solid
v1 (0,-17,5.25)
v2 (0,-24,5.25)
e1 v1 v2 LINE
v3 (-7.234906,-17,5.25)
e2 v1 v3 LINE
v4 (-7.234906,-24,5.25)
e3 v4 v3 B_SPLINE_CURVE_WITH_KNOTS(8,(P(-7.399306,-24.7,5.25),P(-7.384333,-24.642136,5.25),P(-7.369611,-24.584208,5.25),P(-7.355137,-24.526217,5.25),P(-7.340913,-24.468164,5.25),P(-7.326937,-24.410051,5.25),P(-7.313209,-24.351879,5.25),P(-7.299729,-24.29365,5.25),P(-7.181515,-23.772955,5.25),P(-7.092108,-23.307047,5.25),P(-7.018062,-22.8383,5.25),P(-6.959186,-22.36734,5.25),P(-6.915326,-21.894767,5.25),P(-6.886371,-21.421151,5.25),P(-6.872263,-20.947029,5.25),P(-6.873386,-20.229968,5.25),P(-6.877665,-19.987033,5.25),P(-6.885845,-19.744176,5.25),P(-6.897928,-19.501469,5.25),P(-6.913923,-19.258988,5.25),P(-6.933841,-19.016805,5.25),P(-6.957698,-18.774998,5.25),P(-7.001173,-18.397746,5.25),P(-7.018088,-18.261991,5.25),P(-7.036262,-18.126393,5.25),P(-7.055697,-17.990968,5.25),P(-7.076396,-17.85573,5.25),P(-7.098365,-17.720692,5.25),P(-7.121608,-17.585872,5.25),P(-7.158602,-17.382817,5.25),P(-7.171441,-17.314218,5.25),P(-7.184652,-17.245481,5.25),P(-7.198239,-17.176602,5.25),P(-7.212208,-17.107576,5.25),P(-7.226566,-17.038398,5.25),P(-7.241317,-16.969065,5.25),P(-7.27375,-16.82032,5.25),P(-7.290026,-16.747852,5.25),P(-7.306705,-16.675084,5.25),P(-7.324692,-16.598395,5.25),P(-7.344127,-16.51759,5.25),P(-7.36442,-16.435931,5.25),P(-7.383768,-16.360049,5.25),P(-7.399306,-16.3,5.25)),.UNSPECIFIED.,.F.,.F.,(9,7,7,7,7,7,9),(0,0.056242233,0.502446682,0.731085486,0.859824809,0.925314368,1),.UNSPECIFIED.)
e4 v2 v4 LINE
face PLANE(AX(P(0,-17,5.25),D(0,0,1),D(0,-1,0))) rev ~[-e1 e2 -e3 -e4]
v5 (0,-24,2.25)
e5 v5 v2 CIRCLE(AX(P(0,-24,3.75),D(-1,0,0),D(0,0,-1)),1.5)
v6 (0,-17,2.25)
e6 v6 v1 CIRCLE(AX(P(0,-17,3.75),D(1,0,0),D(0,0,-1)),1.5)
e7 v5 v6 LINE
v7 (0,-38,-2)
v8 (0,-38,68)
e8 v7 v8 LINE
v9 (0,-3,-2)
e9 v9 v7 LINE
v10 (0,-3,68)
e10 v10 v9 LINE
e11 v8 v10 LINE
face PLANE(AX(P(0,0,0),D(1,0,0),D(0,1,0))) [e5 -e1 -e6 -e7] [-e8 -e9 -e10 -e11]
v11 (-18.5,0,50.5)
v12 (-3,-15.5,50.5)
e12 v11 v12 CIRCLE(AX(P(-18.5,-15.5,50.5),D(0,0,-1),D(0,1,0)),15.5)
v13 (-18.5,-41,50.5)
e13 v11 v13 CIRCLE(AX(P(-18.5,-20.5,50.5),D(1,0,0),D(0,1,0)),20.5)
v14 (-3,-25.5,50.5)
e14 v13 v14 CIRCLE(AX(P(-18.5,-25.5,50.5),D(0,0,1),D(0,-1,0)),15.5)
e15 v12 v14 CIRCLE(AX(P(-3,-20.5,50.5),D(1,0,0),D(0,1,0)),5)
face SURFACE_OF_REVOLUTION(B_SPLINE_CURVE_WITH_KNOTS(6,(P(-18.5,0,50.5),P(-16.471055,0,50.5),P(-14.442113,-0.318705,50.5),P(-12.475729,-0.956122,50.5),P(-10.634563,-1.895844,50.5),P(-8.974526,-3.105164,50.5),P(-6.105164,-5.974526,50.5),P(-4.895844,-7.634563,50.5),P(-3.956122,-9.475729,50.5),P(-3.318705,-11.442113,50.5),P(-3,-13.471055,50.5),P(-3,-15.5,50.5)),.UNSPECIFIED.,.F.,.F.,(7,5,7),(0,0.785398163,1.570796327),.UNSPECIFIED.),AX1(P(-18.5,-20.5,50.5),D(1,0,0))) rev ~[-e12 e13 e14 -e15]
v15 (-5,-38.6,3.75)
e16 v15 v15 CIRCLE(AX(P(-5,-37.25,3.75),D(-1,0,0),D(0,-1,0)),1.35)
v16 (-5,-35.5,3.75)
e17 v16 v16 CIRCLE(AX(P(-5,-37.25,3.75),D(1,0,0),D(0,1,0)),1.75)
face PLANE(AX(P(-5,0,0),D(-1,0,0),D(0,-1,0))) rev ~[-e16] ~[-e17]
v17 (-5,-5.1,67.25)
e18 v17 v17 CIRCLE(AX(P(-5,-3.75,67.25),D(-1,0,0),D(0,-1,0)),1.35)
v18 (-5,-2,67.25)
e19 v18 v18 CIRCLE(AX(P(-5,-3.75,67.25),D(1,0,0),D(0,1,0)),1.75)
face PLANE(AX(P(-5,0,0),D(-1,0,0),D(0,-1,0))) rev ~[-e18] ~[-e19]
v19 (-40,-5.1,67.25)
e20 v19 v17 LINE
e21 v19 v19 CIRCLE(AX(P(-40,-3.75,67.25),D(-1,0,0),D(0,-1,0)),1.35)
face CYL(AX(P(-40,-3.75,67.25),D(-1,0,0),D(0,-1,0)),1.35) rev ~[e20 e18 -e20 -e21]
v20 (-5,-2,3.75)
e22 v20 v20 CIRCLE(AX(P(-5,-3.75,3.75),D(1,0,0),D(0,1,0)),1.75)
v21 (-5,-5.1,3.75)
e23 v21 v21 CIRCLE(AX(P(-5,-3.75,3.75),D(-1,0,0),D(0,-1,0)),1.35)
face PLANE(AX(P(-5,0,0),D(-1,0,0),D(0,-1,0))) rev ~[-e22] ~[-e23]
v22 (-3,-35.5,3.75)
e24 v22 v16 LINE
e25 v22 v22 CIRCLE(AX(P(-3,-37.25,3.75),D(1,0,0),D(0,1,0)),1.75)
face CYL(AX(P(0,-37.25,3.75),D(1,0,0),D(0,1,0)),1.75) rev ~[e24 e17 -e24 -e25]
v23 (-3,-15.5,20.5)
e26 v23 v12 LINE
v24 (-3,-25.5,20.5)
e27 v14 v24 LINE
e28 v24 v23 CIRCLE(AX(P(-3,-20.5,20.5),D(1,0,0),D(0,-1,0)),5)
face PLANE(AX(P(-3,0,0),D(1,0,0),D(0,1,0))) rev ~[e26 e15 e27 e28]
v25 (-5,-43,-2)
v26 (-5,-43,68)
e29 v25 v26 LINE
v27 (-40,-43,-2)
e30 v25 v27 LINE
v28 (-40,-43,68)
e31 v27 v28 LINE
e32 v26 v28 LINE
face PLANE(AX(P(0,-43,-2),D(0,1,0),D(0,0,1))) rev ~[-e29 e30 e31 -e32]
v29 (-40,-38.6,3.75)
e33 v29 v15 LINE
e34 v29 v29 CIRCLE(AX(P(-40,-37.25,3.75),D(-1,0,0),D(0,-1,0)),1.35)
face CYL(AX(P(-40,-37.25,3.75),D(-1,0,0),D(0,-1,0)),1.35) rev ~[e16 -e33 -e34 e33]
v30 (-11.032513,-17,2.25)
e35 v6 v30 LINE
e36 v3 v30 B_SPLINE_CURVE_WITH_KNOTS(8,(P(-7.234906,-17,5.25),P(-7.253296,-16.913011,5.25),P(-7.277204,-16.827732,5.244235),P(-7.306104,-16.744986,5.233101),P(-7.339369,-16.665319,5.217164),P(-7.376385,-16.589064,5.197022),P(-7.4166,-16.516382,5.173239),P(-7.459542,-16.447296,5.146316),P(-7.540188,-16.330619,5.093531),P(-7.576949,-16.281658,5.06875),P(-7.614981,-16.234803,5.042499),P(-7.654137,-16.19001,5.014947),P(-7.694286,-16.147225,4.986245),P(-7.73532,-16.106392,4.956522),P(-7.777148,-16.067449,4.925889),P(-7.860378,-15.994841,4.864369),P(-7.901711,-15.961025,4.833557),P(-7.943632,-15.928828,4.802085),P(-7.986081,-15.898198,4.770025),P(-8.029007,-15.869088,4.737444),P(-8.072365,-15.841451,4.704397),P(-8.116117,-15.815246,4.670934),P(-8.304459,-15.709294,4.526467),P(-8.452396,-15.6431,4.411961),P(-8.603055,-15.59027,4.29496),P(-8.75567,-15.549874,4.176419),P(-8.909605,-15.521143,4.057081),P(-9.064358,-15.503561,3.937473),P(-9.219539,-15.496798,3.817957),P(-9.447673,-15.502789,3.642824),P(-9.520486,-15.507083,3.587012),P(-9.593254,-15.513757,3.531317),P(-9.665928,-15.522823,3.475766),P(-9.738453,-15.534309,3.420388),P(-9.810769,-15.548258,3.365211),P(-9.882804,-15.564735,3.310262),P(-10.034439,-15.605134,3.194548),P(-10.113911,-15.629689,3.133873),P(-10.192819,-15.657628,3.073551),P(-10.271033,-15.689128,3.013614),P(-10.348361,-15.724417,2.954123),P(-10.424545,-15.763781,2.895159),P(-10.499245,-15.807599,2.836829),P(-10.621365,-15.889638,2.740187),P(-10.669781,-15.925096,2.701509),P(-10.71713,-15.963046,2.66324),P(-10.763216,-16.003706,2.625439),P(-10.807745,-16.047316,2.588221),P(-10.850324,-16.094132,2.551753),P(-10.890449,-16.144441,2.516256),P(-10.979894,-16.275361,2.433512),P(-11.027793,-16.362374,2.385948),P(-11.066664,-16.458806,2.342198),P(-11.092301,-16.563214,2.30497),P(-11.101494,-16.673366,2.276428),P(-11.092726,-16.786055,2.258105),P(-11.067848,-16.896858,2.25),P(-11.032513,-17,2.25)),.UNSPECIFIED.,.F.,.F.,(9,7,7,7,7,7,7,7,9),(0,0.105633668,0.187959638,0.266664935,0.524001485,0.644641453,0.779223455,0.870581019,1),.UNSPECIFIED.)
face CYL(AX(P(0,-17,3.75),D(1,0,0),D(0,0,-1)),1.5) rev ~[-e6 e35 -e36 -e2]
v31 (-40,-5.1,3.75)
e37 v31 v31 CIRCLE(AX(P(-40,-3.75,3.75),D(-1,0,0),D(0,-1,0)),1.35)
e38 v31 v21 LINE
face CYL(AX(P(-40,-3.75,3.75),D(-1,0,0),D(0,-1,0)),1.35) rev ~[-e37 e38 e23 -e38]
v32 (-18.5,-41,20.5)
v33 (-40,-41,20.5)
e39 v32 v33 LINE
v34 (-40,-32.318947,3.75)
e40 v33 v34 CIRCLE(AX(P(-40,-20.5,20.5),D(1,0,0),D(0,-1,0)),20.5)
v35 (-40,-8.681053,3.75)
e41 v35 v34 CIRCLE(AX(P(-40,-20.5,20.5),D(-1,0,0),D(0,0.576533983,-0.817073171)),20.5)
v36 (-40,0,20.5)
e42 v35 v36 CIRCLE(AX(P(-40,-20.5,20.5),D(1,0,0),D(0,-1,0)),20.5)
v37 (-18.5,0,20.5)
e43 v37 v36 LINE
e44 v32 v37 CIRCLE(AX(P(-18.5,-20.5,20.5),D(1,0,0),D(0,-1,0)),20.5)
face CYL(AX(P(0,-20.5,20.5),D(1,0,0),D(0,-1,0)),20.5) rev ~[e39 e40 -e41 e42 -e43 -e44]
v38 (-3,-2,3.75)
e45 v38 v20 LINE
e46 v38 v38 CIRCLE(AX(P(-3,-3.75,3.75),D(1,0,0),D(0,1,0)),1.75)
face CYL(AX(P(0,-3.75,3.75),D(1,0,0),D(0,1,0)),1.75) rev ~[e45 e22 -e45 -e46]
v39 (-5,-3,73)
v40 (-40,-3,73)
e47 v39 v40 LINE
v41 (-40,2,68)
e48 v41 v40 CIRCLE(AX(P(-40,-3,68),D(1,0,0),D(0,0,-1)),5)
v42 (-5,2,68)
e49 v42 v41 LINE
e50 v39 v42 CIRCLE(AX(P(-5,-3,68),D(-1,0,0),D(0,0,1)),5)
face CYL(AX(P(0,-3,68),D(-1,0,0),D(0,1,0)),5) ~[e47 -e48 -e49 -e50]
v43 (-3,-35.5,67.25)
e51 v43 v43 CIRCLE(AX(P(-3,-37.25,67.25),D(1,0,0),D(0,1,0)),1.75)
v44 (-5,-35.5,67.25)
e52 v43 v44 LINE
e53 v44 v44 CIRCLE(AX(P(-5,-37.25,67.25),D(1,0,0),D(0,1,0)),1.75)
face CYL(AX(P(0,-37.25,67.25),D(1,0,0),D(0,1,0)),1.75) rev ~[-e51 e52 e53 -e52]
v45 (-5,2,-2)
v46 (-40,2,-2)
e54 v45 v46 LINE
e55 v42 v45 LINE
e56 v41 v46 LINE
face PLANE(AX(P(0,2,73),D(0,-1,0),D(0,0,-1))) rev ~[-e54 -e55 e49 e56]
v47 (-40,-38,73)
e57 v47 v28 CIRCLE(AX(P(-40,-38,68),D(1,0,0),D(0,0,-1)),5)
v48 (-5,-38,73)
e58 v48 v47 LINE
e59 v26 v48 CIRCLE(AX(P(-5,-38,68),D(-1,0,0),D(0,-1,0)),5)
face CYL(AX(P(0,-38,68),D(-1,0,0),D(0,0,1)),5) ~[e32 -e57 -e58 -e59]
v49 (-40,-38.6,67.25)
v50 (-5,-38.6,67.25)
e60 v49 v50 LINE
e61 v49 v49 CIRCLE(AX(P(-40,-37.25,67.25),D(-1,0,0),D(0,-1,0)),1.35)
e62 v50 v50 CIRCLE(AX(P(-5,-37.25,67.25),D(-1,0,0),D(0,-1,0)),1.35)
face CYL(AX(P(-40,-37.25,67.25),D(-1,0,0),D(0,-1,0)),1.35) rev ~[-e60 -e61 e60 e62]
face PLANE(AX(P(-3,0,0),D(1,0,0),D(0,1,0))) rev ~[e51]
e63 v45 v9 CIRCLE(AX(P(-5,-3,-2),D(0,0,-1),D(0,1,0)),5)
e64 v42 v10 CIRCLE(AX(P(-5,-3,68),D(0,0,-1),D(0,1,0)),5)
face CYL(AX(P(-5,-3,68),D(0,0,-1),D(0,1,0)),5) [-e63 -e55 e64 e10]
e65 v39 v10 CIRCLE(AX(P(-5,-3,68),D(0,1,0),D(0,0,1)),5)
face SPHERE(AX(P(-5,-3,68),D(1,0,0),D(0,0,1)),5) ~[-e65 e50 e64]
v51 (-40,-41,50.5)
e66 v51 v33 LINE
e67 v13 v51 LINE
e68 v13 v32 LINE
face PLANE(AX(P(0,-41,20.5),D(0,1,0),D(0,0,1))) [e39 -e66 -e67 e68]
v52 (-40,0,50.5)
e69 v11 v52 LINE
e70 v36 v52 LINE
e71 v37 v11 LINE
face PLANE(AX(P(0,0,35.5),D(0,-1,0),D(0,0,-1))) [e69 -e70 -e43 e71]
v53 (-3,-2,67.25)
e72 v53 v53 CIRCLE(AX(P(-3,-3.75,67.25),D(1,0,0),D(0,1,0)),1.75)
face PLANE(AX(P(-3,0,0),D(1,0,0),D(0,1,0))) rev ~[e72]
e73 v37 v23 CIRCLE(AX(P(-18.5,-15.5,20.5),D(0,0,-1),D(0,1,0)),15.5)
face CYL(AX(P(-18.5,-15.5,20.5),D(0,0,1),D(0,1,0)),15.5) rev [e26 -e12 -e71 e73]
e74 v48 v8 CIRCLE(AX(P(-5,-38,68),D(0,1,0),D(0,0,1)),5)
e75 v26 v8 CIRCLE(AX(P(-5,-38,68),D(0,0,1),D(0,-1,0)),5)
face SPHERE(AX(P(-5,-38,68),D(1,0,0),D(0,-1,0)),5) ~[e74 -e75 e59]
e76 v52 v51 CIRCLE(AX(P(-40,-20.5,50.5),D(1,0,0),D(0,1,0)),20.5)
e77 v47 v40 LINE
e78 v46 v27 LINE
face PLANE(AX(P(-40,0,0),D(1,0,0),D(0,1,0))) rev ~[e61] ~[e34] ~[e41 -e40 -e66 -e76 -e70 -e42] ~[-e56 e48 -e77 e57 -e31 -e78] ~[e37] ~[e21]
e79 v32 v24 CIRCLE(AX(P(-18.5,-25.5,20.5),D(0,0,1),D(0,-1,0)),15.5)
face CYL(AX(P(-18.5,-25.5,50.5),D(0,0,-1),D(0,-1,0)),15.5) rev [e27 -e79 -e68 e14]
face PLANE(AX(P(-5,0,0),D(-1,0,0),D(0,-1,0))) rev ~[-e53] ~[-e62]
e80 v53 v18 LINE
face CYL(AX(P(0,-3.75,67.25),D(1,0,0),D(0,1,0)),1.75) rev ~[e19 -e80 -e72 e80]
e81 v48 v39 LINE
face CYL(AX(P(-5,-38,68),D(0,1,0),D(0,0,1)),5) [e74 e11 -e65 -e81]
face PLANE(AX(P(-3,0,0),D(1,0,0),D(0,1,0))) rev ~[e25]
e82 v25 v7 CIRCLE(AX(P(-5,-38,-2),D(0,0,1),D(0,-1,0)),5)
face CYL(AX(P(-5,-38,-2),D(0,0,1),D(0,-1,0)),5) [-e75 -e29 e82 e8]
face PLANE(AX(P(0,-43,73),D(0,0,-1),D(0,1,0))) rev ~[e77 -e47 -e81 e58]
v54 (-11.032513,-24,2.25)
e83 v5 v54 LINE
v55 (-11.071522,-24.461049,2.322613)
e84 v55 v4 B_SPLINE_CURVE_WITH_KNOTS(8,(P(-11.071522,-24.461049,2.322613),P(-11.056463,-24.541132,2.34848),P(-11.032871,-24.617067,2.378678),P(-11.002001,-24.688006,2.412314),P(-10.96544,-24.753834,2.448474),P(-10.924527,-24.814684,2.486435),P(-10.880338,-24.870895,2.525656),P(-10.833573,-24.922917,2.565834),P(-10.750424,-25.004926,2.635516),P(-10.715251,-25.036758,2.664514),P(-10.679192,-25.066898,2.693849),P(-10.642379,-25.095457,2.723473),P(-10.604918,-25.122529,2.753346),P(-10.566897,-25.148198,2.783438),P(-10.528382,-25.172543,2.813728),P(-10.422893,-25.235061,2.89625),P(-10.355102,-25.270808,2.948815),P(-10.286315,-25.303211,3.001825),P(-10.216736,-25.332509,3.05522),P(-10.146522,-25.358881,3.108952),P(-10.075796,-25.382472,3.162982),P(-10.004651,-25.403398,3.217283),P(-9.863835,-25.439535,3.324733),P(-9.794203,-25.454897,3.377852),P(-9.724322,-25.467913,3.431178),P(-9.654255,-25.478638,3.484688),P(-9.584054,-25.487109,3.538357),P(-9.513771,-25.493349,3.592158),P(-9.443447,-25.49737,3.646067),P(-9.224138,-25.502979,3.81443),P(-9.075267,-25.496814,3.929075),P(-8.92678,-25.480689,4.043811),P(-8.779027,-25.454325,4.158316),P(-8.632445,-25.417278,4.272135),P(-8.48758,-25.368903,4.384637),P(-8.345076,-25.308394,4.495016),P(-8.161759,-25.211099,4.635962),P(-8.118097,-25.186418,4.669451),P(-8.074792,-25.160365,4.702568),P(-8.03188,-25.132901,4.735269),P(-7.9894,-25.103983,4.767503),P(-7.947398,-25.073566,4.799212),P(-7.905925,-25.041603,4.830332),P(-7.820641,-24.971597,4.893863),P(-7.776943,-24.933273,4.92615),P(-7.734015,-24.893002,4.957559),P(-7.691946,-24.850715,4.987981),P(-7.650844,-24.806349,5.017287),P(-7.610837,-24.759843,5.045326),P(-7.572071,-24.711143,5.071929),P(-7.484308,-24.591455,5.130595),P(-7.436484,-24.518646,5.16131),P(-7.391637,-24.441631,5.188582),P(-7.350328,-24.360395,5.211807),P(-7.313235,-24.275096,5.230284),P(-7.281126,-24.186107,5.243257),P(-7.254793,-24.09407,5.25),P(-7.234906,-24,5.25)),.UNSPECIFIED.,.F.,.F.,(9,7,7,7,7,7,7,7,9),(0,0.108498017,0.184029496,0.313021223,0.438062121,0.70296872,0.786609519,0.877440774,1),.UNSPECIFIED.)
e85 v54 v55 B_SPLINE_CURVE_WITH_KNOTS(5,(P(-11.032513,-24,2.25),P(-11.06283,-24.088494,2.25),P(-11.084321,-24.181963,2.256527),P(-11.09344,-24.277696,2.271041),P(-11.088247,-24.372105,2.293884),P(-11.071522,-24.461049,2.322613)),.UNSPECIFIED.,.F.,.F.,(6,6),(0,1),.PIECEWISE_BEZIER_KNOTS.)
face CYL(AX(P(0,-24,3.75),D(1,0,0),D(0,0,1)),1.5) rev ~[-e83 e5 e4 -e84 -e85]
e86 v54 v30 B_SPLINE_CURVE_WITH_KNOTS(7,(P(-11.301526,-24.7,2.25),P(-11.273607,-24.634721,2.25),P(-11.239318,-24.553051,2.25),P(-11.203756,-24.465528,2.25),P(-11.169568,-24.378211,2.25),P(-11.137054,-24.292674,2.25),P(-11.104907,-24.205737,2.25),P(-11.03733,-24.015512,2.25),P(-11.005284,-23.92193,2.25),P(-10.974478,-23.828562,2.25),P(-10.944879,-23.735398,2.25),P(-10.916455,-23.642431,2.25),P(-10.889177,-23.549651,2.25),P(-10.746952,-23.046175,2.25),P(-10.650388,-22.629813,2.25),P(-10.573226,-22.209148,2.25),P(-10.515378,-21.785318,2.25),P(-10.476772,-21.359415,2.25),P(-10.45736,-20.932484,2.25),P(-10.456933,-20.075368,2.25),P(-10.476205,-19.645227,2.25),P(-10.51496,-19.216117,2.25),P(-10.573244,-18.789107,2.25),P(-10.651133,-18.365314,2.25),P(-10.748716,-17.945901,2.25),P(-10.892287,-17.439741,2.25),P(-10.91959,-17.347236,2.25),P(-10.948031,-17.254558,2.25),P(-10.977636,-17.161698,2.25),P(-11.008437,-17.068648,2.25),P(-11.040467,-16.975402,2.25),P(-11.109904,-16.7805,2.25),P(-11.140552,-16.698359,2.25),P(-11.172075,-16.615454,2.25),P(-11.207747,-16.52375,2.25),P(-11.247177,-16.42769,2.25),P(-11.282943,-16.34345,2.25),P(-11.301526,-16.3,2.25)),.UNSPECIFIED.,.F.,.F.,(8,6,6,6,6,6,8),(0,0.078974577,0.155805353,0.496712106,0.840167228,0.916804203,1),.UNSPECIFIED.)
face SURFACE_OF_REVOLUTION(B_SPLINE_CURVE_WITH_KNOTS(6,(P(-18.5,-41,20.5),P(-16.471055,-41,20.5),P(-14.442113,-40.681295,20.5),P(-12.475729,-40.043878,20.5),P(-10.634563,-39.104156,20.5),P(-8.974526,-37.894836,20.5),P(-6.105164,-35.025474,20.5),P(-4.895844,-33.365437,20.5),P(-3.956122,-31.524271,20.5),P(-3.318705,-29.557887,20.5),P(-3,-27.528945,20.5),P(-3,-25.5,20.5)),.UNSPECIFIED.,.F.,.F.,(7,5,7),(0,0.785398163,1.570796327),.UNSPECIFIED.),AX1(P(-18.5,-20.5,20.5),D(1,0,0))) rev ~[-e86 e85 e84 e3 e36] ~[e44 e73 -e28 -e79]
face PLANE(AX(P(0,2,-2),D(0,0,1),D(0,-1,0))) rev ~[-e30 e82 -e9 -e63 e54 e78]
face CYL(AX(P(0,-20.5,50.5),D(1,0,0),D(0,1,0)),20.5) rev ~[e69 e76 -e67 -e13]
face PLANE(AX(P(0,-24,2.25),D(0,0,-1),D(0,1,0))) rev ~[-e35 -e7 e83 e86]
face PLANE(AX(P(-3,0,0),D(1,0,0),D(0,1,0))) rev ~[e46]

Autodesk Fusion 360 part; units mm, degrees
sketch "Sketch1" plane through (0, 0, 0) normal (1, 0, 0) x (0, 1, 0)
  line L0 (0, 0) -> (-41, 0)
  line L1 (-41, 0) -> (-41, 71)
  line L2 (-41, 71) -> (0, 71)
  line L3 (0, 71) -> (0, 0)
  line L4 (-20.5, 71) -> (-20.5, 50.5)
  line L5 (-41, 35.5) -> (0, 35.5)
  line L6 (-38, 50.5) -> (-38, 20.5)
  arc A0 (-38, 20.5) -> (-3, 20.5) centre (-20.5, 20.5) ccw
  line L7 (-3, 20.5) -> (-3, 50.5)
  arc A1 (-3, 50.5) -> (-38, 50.5) centre (-20.5, 50.5) ccw
  line L8 (-20.5, 50.5) -> (-20.5, 20.5) construction
  line L9 (-39.7873, 50.5) -> (-39.7873, 20.5)
  arc A2 (-39.7873, 20.5) -> (-1.2127, 20.5) centre (-20.5, 20.5) ccw
  line L10 (-1.2127, 20.5) -> (-1.2127, 50.5)
  arc A3 (-1.2127, 50.5) -> (-39.7873, 50.5) centre (-20.5, 50.5) ccw
  line L11 (-20.5, 50.5) -> (-20.5, 20.5) construction
  line L12 (-3.75, 71) -> (-3.75, 67.25)
  line L13 (0, 67.25) -> (-3.75, 67.25)
  circle A4 centre (-3.75, 67.25) radius 1.75
  circle A5 centre (-37.25, 67.25) radius 1.75
  circle A6 centre (-37.25, 3.75) radius 1.75
  circle A7 centre (-3.75, 3.75) radius 1.75
  line L14 (-20.5, 71) -> (-20.5, 0) construction
  line L15 (2, -2) -> (-43, -2)
  line L16 (-43, -2) -> (-43, 73)
  line L17 (-43, 73) -> (2, 73)
  line L18 (2, 73) -> (2, -2)
  line L19 (-41, 50.5) -> (-41, 20.5)
  arc A8 (-41, 20.5) -> (0, 20.5) centre (-20.5, 20.5) ccw
  line L20 (0, 20.5) -> (0, 50.5)
  arc A9 (0, 50.5) -> (-41, 50.5) centre (-20.5, 50.5) ccw
  line L21 (-20.5, 50.5) -> (-20.5, 20.5) construction
  line L22 (-37.25, 3.75) -> (-3.75, 3.75)
  line L23 (-24, 2.25) -> (-17, 2.25)
  arc A10 (-17, 2.25) -> (-17, 5.25) centre (-17, 3.75) ccw
  line L24 (-17, 5.25) -> (-24, 5.25)
  arc A11 (-24, 5.25) -> (-24, 2.25) centre (-24, 3.75) ccw
  line L25 (-24, 3.75) -> (-17, 3.75) construction
  point P0 (-20.5, 3.75)
  dimension "d1" = 41
  dimension "d2" = 71
  dimension "d3" = 20.5
  dimension "d4" = 35
  dimension "d5" = 3.75
  dimension "d6" = 3.75
  dimension "d7" = 3.5
  dimension "d8" = 1.7873
  dimension "d9" = 30
  dimension "d10" = -2
  dimension "d27" = 3
extrude "Extrude1" add sketch "Sketch1" against normal blind 40 contours L0 L3 A8 | L0 L1 A8 | L2 L3 L12 L13 A4 A9 | L2 L3 L12 L13 A4 | L1 L2 A9 | L15 L16 L17 L18
extrude "Extrude2" add sketch "Sketch1" against normal blind 3 contours A7 | A6 | A2 A8 L22 | L3 L5 A2 L10 A8 L20 L22 | L1 L5 L9 A2 L19 A8 L22 | L3 L4 L5 L10 A3 L20 A9 | A0 A2 L22 L23 A10 A11 | L5 L6 A0 L9 A2 L22 | L5 A0 L7 A2 L10 L22 | L4 L5 L7 A1 L10 A3 | L1 L4 L5 L9 A3 L19 A9 | A0 L22 A11 | L5 L6 A0 L7 L22 A10 L24 A11 | A0 L22 A10 | L5 L6 L7 A1 | L4 L5 L6 A1 L9 A3 | A0 L22 A10 A11 | A0 L23 A10 A11 | L22 A10 L24 A11 | L12 L13 A4 | L12 L13 A4 | A5
fillet "Fillet2" radius 15.5 4 edges at (-3, -20.5, 0) (-3, 0, 35.5) (-3, -20.5, 71) (-3, -41, 35.5)
fillet "Fillet1" radius 5 2 edges at (-20, 2, 73) (-20, -43, 73)
fillet "Fillet3" radius 5 5 edges at (0, -43, 33) (0, -41.5355, 71.5355) (0, -20.5, 73) (0, 0.5355, 71.5355) (0, 2, 33)
sketch "Sketch2" plane through (-40, 0, 0) normal (-1, 0, 0) x (0, -1, 0)
  arc A0 (43, 68) -> (38, 73) centre (38, 68) ccw
  line L0 (38, 73) -> (3, 73)
  arc A1 (3, 73) -> (-2, 68) centre (3, 68) ccw
  line L1 (-2, 68) -> (-2, -2)
  line L2 (-2, -2) -> (43, -2)
  line L3 (43, -2) -> (43, 68)
  arc A2 (41, 50.5) -> (0, 50.5) centre (20.5, 50.5) ccw
  line L4 (41, 50.5) -> (41, 20.5)
  arc A3 (0, 20.5) -> (41, 20.5) centre (20.5, 20.5) ccw
  line L5 (0, 20.5) -> (0, 50.5)
  circle A4 centre (3.75, 3.75) radius 1.75
  circle A5 centre (37.25, 3.75) radius 1.75
  circle A6 centre (37.25, 67.25) radius 1.75
  circle A7 centre (3.75, 67.25) radius 1.75
  circle A8 centre (3.75, 67.25) radius 1.35
  circle A9 centre (3.75, 3.75) radius 1.35
  circle A10 centre (37.25, 3.75) radius 1.35 construction
  circle A11 centre (37.25, 67.25) radius 1.35 construction
  circle A12 centre (37.25, 67.25) radius 1.75
  circle A13 centre (37.25, 3.75) radius 1.75
  circle A14 centre (3.75, 3.75) radius 1.75
  circle A15 centre (3.75, 67.25) radius 1.75
  circle A16 centre (37.25, 3.75) radius 1.35
  circle A17 centre (37.25, 67.25) radius 1.35
  dimension "d21" = 2.7
  dimension "d22" = 2.7
  dimension "d23" = 2.7
  dimension "d24" = 2.7
extrude "Extrude3" add sketch "Sketch2" against normal blind 35 contours A4 A14 | A5 A13 | A6 A12 | A7 A15
extrude "Extrude4" cut sketch "Sketch1" against normal blind 39 contours A0 L22 A10 A11 | A0 L23 A10 A11 | L22 A10 L24 A11
equation "d3 = ( 41 / 2 ) * 1 mm"
equation "d5 = 2 mm + ( 3.5 / 2 ) * 1 mm"
equation "d6 = 2 mm + ( ( 3.5 / 2 ) * 1 mm )"
